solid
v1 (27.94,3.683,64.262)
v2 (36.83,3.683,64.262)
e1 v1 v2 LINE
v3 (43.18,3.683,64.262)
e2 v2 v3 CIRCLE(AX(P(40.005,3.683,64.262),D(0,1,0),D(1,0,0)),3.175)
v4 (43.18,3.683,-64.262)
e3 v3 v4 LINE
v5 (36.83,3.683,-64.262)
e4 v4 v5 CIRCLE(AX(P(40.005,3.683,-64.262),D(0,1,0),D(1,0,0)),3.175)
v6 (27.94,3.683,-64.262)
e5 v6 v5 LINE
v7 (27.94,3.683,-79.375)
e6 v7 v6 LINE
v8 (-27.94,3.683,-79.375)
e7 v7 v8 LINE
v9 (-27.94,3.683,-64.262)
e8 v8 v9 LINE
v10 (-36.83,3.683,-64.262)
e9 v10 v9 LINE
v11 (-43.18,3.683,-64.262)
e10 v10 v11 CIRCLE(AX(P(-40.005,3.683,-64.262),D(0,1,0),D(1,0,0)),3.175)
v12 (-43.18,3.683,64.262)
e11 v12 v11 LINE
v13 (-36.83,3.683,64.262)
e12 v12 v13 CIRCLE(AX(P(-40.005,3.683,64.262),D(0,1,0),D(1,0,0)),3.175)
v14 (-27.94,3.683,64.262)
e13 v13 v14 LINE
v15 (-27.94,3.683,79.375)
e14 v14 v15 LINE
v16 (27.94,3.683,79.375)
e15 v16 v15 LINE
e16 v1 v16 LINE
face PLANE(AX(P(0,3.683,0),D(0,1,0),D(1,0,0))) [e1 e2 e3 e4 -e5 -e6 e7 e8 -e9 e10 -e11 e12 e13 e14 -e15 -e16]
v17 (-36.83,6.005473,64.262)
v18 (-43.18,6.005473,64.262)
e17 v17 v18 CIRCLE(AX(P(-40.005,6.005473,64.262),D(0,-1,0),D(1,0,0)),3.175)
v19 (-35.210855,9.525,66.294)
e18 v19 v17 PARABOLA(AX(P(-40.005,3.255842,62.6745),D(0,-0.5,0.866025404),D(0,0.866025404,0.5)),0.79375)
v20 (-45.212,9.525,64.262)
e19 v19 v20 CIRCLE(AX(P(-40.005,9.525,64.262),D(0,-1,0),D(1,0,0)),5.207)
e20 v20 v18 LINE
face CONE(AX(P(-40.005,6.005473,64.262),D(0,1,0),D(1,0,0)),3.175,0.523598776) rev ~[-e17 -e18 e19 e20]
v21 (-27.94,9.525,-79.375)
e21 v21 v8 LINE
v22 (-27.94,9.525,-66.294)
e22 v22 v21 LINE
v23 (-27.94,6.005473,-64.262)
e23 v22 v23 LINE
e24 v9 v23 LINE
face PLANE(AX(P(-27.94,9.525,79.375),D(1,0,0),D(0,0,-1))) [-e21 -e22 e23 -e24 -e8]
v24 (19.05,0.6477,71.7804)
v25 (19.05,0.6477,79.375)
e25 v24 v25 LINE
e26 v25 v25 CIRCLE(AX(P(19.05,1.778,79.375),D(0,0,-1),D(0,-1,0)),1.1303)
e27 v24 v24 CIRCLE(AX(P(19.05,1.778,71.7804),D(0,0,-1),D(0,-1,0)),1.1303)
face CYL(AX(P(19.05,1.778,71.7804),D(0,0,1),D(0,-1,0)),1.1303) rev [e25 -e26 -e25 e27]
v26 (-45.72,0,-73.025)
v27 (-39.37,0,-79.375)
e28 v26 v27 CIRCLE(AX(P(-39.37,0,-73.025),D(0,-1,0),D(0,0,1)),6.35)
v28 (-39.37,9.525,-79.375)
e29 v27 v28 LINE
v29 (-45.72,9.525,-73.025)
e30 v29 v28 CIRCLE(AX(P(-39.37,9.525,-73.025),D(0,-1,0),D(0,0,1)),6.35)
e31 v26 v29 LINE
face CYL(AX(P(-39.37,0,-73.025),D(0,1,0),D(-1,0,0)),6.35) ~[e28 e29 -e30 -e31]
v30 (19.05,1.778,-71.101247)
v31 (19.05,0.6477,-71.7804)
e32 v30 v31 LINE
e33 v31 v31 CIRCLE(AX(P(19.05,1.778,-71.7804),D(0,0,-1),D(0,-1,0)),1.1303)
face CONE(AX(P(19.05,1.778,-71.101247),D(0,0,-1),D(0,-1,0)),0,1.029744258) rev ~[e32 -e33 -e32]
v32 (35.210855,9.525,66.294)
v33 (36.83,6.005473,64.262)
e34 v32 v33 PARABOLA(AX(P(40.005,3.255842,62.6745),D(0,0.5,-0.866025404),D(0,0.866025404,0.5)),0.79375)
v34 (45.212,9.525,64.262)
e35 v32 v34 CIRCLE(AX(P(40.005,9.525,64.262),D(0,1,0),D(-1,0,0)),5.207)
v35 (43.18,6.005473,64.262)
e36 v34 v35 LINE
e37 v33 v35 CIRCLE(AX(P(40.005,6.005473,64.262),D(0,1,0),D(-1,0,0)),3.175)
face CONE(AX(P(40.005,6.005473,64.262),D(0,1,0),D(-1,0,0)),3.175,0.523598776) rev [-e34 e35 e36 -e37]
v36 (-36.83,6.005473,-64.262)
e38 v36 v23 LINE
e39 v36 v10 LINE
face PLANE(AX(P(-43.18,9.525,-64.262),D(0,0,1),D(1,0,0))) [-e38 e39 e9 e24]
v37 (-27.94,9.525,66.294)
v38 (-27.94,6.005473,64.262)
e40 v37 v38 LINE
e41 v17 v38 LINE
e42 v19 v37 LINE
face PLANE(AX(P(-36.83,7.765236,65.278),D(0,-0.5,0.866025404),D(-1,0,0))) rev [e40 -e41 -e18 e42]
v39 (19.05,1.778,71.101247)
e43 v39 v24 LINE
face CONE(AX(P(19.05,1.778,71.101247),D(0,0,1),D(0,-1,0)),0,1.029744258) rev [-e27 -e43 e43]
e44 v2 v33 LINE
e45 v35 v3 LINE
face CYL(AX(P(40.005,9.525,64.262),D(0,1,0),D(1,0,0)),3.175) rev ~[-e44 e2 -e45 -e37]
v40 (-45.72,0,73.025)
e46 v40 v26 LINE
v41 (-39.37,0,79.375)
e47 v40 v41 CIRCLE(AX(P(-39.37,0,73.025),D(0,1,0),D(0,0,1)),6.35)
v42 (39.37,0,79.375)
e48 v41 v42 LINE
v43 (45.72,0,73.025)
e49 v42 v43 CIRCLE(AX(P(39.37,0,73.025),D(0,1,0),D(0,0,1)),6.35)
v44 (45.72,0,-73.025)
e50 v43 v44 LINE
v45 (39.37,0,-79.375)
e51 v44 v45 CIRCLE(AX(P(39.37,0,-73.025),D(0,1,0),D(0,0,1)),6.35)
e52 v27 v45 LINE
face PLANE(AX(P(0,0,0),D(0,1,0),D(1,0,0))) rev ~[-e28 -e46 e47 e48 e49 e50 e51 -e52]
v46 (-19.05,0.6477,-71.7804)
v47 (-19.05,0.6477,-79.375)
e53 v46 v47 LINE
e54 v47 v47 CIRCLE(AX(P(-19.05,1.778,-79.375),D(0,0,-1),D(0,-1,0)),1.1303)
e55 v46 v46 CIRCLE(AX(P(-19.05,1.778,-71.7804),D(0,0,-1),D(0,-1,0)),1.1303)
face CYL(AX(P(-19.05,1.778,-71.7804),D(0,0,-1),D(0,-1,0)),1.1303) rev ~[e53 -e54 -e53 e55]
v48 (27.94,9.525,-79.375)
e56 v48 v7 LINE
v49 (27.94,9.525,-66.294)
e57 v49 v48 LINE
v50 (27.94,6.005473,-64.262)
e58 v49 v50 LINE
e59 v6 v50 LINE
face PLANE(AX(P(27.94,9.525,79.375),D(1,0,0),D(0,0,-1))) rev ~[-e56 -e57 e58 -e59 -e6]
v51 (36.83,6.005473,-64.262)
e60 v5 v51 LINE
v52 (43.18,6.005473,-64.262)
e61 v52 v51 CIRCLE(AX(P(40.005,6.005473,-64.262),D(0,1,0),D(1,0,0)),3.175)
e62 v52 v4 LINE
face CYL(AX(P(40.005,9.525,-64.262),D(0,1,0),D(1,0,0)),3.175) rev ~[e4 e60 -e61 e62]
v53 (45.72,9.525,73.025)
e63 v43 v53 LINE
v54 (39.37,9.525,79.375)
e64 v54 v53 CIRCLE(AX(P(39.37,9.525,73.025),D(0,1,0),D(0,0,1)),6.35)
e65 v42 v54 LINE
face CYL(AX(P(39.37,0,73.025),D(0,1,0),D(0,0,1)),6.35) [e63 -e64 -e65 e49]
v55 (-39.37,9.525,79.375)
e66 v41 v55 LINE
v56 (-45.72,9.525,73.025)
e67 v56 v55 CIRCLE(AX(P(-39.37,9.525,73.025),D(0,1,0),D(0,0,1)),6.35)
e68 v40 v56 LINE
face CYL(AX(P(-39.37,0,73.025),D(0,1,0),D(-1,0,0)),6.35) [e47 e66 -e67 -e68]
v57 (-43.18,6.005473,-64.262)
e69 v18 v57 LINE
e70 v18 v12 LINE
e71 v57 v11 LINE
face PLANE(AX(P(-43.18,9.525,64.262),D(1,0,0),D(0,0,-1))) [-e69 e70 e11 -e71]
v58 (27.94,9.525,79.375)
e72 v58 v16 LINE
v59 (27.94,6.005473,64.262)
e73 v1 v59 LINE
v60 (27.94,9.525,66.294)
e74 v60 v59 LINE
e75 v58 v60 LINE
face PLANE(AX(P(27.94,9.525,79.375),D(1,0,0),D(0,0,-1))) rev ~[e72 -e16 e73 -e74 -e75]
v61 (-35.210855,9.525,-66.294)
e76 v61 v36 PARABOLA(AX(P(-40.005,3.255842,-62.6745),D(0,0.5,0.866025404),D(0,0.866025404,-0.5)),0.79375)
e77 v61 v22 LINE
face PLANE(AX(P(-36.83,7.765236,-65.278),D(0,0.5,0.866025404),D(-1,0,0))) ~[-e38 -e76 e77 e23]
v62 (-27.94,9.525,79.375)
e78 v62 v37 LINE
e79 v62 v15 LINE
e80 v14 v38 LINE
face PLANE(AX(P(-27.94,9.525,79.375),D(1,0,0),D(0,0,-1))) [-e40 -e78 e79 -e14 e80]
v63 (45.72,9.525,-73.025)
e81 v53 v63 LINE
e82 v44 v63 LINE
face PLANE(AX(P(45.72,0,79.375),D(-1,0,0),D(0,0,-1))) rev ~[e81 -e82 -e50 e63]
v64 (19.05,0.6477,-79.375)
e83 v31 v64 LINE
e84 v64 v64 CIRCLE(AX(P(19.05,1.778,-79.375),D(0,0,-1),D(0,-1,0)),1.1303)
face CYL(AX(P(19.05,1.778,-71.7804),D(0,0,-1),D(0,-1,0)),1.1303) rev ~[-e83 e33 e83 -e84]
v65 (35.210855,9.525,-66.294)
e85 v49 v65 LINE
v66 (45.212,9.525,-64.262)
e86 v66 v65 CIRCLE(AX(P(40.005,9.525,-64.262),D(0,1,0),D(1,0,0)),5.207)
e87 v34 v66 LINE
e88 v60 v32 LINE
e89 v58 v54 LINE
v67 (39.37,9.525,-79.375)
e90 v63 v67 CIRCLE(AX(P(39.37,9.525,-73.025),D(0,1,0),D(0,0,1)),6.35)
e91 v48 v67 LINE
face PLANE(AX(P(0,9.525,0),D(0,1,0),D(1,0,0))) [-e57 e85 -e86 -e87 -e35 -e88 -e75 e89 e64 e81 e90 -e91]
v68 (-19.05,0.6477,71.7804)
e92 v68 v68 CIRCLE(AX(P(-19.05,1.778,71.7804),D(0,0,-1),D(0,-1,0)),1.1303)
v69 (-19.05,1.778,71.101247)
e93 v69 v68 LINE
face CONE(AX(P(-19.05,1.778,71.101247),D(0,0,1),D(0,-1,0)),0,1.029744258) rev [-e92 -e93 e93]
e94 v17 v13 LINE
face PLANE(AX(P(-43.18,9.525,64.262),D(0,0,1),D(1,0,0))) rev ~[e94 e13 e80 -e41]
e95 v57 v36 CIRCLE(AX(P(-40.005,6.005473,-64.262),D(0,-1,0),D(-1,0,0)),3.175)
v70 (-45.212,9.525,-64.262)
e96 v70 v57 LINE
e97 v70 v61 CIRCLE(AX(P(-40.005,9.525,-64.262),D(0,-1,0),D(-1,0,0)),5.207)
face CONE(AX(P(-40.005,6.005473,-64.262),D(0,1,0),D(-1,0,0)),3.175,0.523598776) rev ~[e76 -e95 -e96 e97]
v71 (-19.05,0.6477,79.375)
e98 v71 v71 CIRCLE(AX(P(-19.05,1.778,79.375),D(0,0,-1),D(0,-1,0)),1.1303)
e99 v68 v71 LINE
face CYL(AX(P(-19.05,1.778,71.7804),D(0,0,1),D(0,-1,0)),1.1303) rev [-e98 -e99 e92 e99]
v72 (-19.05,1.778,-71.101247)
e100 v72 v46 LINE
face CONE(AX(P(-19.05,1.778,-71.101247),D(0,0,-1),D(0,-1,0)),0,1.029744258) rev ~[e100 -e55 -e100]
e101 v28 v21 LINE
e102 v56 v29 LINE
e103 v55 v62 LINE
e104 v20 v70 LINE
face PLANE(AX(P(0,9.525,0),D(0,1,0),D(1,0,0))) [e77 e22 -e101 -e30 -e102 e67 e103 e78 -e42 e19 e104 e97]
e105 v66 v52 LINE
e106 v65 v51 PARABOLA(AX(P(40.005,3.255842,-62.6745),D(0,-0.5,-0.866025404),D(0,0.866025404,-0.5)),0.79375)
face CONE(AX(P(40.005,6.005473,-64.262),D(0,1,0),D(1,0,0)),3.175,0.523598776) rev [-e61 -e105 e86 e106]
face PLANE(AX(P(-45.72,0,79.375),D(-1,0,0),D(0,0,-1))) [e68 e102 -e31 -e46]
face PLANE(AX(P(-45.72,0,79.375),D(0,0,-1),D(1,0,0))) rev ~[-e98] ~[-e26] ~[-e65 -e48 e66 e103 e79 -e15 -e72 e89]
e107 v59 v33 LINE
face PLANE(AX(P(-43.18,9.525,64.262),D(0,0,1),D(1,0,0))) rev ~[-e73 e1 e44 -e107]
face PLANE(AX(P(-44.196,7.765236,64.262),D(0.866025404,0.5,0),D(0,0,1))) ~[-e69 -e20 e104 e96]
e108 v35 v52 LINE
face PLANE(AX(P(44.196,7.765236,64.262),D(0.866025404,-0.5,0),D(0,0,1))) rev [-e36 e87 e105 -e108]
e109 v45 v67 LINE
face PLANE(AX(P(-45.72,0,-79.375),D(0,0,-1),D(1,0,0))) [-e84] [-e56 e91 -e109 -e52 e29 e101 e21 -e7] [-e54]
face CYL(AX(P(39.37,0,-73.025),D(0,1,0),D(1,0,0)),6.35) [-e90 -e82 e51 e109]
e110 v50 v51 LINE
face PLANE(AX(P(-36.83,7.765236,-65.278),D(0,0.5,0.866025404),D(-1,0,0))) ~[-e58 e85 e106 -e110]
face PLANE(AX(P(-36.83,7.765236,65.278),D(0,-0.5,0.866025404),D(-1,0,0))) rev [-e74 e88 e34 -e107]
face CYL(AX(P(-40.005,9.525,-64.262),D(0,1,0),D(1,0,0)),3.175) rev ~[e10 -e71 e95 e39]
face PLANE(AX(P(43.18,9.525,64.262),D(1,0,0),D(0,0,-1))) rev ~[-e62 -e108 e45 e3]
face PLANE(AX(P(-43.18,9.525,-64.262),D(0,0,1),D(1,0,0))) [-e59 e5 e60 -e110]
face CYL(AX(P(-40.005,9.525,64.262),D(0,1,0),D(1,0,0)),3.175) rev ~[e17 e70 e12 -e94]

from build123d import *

# Parameters (mm, degrees)
SKETCH1_W                      = 91.44
SKETCH1_H                      = 158.75
BOSS_EXTRUDE1_DEPTH            = 9.525
FILLET1_R                      = 6.35
SKETCH2_W                      = 86.36
SKETCH2_H                      = 128.524
CUT_EXTRUDE1_DEPTH             = 5.842
F_4_40_TAPPED_HOLE1_AT_2_COUNT = 2
F_4_40_TAPPED_HOLE1_AT_2_PITCH = 38.1
SKETCH7_R                      = 3.175
CUT_EXTRUDE2_DEPTH             = 5.842
CHAMFER1_SIZE                  = 2.032
CHAMFER1_SIZE2                 = 3.519527241
CUT_EXTRUDE3_REACH             = 94.095
SKETCH8_W                      = 55.88
SKETCH8_H                      = 158.75


with BuildPart() as part:
    # Sketch1 → Boss-Extrude1 (new body)
    with BuildSketch(Plane(origin=(0, 0, 0), x_dir=(1, 0, 0), z_dir=(0, 1, 0))):
        Rectangle(SKETCH1_W, SKETCH1_H)
    extrude(amount=BOSS_EXTRUDE1_DEPTH)

    # Fillet1
    fillet1_edges = [part.edges().sort_by_distance(p)[0] for p in [
        (45.72, 4.7625, 79.375),
        (-45.72, 4.7625, 79.375),
        (-45.72, 4.7625, -79.375),
        (45.72, 4.7625, -79.375),
    ]]
    fillet(fillet1_edges, radius=FILLET1_R)

    # Sketch2 → Cut-Extrude1 (cut)
    with BuildSketch(Plane(origin=(0, 9.525, 0), x_dir=(1, 0, 0), z_dir=(0, 1, 0))):
        Rectangle(SKETCH2_W, SKETCH2_H)
    extrude(amount=-CUT_EXTRUDE1_DEPTH, mode=Mode.SUBTRACT)

    # Sketch5 → #4-40 Tapped Hole1 (revolve, cut)
    with BuildSketch(Plane(origin=(-19.05, 1.778, 79.375), x_dir=(0, -1, 0), z_dir=(1, 0, 0))):
        Polygon((0, 0), (0, 8.273752758), (1.1303, 7.5946), (1.1303, 0), align=None)
    f_4_40_tapped_hole1 = revolve(axis=Axis((-19.05, 1.778, 85.725), (0, 0, -1)), mode=Mode.SUBTRACT)

    # #4-40 Tapped Hole1 at 2: #4-40 Tapped Hole1 ×2
    with Locations(*[(i * F_4_40_TAPPED_HOLE1_AT_2_PITCH, 0, 0) for i in range(1, F_4_40_TAPPED_HOLE1_AT_2_COUNT)]):
        add(f_4_40_tapped_hole1, mode=Mode.SUBTRACT)

    # Sketch7 → Cut-Extrude2 (cut)
    with BuildSketch(Plane(origin=(0, 9.525, 0), x_dir=(1, 0, 0), z_dir=(0, 1, 0))):
        with Locations((-40.005, 64.262)):
            Circle(SKETCH7_R)
        with Locations((40.005, 64.262)):
            Circle(SKETCH7_R)
        with Locations((-40.005, -64.262)):
            Circle(SKETCH7_R)
        with Locations((40.005, -64.262)):
            Circle(SKETCH7_R)
    extrude(amount=-CUT_EXTRUDE2_DEPTH, mode=Mode.SUBTRACT)

    # Mirror1: #4-40 Tapped Hole1 across plane
    add(f_4_40_tapped_hole1.mirror(Plane.XY), mode=Mode.SUBTRACT)

    # Mirror1 copy 1 sketch → Mirror1 copy 1 (revolve, cut)
    with BuildSketch(Plane(origin=(19.05, 1.778, -79.375), x_dir=(0, -1, 0), z_dir=(1, 0, 0))):
        Polygon((0, 0), (0, -8.273752758), (1.1303, -7.5946), (1.1303, 0), align=None)
    revolve(axis=Axis((19.05, 1.778, -85.725), (0, 0, -1)), mode=Mode.SUBTRACT)

    # Chamfer1
    chamfer1_edges = [part.edges().sort_by_distance(p)[0] for p in [
        (43.18, 9.525, 0),
        (-43.18, 9.525, 0),
        (0, 9.525, -64.262),
        (0, 9.525, 64.262),
        (40.005, 9.525, -67.437),
        (-40.005, 9.525, 67.437),
        (40.005, 9.525, 67.437),
        (-40.005, 9.525, -67.437),
    ]]
    chamfer1_side = [part.faces().sort_by_distance(p)[0] for p in [
        (0, 9.525, -77.542983731),
    ]]
    chamfer(chamfer1_edges, length=CHAMFER1_SIZE, length2=CHAMFER1_SIZE2, reference=chamfer1_side[0])

    # Cut-Extrude3: up to this face of the body (flat: up to its plane)
    cut_extrude3_end = Plane(part.part.faces().sort_by_distance((0, 3.683, 0))[0])
    # Sketch8 → Cut-Extrude3 (cut, up to the picked face)
    with BuildSketch(Plane(origin=(0, 9.525, 0), x_dir=(1, 0, 0), z_dir=(0, 1, 0)), mode=Mode.PRIVATE) as cut_extrude3_sk1:
        Rectangle(SKETCH8_W, SKETCH8_H)
    cut_extrude3_tool1 = split(extrude(cut_extrude3_sk1.sketch, amount=-CUT_EXTRUDE3_REACH, mode=Mode.PRIVATE), bisect_by=cut_extrude3_end, keep=Keep.BOTH, mode=Mode.PRIVATE)
    add(cut_extrude3_tool1.solids().sort_by(Axis((0, 9.525, 0), (0, -1, 0)))[0], mode=Mode.SUBTRACT)


solid = part.part
